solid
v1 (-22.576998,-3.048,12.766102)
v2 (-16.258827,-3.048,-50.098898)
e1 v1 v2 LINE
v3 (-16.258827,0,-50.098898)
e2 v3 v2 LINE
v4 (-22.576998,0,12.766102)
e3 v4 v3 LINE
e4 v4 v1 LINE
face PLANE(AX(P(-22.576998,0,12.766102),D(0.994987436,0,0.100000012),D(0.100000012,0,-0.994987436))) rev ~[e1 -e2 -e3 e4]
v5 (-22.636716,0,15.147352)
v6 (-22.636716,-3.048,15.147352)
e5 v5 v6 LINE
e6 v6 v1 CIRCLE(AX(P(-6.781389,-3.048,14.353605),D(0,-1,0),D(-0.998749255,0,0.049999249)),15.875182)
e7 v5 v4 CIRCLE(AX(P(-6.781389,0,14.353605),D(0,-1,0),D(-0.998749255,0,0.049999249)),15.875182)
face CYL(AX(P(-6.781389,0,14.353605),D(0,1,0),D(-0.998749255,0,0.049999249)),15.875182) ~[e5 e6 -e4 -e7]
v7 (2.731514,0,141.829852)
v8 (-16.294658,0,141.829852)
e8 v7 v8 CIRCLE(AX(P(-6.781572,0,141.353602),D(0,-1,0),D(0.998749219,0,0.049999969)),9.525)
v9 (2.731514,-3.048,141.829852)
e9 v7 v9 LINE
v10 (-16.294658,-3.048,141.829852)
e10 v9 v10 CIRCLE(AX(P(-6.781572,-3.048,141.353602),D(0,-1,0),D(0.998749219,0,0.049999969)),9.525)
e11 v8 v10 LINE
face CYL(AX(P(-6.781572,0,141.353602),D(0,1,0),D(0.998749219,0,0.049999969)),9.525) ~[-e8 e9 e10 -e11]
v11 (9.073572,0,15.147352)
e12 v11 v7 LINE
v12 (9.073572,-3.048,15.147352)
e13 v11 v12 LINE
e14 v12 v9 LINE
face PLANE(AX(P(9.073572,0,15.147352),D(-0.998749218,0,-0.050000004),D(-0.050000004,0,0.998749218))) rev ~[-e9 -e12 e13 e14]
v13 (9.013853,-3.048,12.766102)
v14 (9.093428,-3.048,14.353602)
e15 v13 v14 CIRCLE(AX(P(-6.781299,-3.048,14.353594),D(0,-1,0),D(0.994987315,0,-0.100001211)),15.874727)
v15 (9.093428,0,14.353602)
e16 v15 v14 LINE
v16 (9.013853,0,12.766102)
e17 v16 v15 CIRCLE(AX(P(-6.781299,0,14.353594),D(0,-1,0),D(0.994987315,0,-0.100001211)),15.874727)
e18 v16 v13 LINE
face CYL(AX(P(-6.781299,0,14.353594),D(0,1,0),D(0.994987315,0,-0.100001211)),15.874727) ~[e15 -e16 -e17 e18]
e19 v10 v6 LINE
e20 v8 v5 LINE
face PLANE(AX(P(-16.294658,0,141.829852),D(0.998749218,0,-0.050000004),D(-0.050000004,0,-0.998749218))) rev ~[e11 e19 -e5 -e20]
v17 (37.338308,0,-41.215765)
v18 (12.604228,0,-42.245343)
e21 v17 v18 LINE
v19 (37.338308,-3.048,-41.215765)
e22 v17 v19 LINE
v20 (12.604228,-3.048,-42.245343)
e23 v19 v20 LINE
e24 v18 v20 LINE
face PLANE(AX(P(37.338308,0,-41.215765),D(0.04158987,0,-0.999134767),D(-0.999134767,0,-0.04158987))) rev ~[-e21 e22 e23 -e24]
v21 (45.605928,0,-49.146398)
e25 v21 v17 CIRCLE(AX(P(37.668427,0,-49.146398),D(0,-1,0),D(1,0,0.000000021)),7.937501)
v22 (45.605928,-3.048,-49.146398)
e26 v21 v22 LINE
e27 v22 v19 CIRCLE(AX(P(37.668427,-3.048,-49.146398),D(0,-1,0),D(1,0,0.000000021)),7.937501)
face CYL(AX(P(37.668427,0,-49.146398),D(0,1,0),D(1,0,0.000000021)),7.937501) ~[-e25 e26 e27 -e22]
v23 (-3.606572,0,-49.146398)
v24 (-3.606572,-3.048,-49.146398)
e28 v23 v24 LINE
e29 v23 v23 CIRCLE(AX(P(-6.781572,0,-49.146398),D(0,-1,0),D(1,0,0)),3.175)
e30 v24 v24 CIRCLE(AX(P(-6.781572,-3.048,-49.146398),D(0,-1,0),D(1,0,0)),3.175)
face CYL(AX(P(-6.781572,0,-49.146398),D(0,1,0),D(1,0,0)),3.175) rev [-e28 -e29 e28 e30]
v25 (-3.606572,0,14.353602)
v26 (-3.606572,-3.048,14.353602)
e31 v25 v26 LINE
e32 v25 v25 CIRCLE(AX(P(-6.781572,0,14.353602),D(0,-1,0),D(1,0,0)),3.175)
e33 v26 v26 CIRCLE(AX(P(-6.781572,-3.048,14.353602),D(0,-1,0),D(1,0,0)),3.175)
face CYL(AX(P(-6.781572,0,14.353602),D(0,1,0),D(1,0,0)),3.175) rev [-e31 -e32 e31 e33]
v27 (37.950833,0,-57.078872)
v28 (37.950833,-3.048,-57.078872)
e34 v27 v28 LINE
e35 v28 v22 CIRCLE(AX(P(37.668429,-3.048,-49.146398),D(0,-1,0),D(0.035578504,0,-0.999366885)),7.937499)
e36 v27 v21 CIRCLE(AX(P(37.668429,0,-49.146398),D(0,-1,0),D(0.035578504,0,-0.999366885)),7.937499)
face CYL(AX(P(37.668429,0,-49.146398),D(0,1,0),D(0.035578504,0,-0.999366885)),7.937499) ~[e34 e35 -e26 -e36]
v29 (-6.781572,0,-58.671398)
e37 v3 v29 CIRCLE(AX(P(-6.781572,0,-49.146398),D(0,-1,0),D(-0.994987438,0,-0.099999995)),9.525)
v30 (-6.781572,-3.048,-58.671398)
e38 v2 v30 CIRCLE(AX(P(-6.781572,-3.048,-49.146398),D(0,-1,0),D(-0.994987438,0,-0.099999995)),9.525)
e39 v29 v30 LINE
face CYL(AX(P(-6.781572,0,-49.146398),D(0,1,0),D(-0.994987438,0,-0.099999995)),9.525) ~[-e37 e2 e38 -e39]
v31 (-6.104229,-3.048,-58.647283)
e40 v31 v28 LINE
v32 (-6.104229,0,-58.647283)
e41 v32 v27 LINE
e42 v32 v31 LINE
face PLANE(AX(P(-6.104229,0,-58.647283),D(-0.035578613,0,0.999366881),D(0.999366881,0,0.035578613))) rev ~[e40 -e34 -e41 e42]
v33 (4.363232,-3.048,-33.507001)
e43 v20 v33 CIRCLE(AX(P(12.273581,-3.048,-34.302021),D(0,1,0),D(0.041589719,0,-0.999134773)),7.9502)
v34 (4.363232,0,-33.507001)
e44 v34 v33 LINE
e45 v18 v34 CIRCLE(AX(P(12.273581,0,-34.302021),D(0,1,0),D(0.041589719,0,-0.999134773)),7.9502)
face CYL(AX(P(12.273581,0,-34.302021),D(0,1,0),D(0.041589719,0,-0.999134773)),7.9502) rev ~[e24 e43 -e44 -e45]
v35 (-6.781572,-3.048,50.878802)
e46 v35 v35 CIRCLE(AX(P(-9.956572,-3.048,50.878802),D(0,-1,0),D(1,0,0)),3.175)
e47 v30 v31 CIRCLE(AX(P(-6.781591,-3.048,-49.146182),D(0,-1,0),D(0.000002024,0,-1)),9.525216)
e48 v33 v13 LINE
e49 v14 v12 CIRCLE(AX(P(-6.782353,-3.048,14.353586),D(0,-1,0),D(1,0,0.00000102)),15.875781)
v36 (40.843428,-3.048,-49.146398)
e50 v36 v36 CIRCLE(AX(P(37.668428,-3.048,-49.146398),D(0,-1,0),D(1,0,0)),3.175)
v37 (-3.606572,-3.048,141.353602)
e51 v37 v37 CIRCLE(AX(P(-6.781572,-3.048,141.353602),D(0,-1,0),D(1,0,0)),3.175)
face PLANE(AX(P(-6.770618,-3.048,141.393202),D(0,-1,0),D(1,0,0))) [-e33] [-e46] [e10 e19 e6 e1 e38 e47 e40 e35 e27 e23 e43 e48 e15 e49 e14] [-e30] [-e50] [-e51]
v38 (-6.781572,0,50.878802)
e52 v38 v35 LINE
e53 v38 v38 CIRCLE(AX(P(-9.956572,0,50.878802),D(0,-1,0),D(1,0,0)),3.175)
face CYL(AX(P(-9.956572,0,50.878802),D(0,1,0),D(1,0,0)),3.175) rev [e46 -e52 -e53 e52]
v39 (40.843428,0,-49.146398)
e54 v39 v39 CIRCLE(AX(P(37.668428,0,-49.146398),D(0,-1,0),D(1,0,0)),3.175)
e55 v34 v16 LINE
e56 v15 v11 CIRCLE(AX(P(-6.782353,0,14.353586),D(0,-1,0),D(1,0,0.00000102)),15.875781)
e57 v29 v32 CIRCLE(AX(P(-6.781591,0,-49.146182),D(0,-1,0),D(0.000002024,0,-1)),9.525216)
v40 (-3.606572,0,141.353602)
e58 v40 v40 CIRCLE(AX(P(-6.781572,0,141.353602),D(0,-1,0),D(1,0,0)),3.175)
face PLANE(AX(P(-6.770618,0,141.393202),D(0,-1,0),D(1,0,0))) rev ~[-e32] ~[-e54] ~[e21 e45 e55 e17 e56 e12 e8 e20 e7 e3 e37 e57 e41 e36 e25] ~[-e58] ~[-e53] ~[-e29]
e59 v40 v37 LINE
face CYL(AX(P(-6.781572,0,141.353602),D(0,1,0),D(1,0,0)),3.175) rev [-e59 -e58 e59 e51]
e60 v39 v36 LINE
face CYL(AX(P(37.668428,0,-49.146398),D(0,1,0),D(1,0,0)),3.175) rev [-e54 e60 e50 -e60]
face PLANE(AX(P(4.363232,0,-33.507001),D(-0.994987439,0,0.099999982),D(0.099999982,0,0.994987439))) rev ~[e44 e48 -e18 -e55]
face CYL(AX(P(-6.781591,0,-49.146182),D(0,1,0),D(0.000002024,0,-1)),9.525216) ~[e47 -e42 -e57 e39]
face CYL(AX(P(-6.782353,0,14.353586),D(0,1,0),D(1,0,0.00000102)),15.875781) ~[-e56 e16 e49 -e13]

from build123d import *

# Parameters (mm, degrees)
F0_R     = 3.175
F1_DEPTH = 3.048


with BuildPart() as f1:
    # F0 (on Front) → F1 (new body)
    with BuildSketch(Plane.XZ):
        with BuildLine():
            ThreePointArc((-16.294658, 141.829852), (-7.019772, 131.831581), (2.743428, 141.353602))
            ThreePointArc((2.743428, 141.353602), (2.740449, 141.591802), (2.731514, 141.829852))
            ThreePointArc((2.731514, 141.829852), (-6.781572, 150.878602), (-16.294658, 141.829852))
        make_face()
        with Locations((-6.781572, 141.353602)):
            Circle(F0_R, mode=Mode.SUBTRACT)
        with BuildLine():
            ThreePointArc((2.731514, 141.829852), (2.740449, 141.591802), (2.743428, 141.353602))
            ThreePointArc((2.743428, 141.353602), (-7.019772, 131.831581), (-16.294658, 141.829852))
            Line((-16.294658, 141.829852), (-22.636716, 15.147352))
            ThreePointArc((-22.636716, 15.147352), (-6.781572, 30.228602), (9.073572, 15.147352))
            Line((9.073572, 15.147352), (2.731514, 141.829852))
        make_face()
        with Locations((-9.956572, 50.878802)):
            Circle(F0_R, mode=Mode.SUBTRACT)
        with BuildLine():
            ThreePointArc((9.093428, 14.353602), (9.088463, 14.750602), (9.073572, 15.147352))
            ThreePointArc((9.073572, 15.147352), (-6.781572, 30.228602), (-22.636716, 15.147352))
            ThreePointArc((-22.636716, 15.147352), (-22.651582, 13.955606), (-22.576998, 12.766102))
            ThreePointArc((-22.576998, 12.766102), (-6.781572, -1.521398), (9.013853, 12.766102))
            ThreePointArc((9.013853, 12.766102), (9.073522, 13.558856), (9.093428, 14.353602))
        make_face()
        with Locations((-6.781572, 14.353602)):
            Circle(F0_R, mode=Mode.SUBTRACT)
        with BuildLine():
            ThreePointArc((9.013853, 12.766102), (-6.781572, -1.521398), (-22.576998, 12.766102))
            Line((-22.576998, 12.766102), (-16.258827, -50.098898))
            ThreePointArc((-16.258827, -50.098898), (-7.25842, -39.633341), (2.743428, -49.146398))
            ThreePointArc((2.743428, -49.146398), (0.188985, -55.637697), (-6.104229, -58.647283))
            Line((-6.104229, -58.647283), (37.950833, -57.078872))
            ThreePointArc((37.950833, -57.078872), (29.736839, -49.452661), (37.338308, -41.215765))
            Line((37.338308, -41.215765), (12.604228, -42.245343))
            ThreePointArc((12.604228, -42.245343), (6.489757, -39.756658), (4.363232, -33.507001))
            Line((4.363232, -33.507001), (9.013853, 12.766102))
        make_face()
        with BuildLine():
            ThreePointArc((2.743428, -49.146398), (-7.25842, -39.633341), (-16.258827, -50.098898))
            ThreePointArc((-16.258827, -50.098898), (-13.171136, -56.210327), (-6.781572, -58.671398))
            Line((-6.781572, -58.671398), (-6.104229, -58.647283))
            ThreePointArc((-6.104229, -58.647283), (0.188985, -55.637697), (2.743428, -49.146398))
        make_face()
        with Locations((-6.781572, -49.146398)):
            Circle(F0_R, mode=Mode.SUBTRACT)
        with BuildLine():
            Line((-6.104229, -58.647283), (-6.781572, -58.671398))
            ThreePointArc((-6.781572, -58.671398), (-6.442686, -58.665367), (-6.104229, -58.647283))
        make_face()
        with BuildLine():
            ThreePointArc((45.605928, -49.146398), (43.163134, -43.418212), (37.338308, -41.215765))
            ThreePointArc((37.338308, -41.215765), (29.736839, -49.452661), (37.950833, -57.078872))
            ThreePointArc((37.950833, -57.078872), (43.380061, -54.658308), (45.605928, -49.146398))
        make_face()
        with Locations((37.668428, -49.146398)):
            Circle(F0_R, mode=Mode.SUBTRACT)
    extrude(amount=F1_DEPTH)


solid = f1.part
